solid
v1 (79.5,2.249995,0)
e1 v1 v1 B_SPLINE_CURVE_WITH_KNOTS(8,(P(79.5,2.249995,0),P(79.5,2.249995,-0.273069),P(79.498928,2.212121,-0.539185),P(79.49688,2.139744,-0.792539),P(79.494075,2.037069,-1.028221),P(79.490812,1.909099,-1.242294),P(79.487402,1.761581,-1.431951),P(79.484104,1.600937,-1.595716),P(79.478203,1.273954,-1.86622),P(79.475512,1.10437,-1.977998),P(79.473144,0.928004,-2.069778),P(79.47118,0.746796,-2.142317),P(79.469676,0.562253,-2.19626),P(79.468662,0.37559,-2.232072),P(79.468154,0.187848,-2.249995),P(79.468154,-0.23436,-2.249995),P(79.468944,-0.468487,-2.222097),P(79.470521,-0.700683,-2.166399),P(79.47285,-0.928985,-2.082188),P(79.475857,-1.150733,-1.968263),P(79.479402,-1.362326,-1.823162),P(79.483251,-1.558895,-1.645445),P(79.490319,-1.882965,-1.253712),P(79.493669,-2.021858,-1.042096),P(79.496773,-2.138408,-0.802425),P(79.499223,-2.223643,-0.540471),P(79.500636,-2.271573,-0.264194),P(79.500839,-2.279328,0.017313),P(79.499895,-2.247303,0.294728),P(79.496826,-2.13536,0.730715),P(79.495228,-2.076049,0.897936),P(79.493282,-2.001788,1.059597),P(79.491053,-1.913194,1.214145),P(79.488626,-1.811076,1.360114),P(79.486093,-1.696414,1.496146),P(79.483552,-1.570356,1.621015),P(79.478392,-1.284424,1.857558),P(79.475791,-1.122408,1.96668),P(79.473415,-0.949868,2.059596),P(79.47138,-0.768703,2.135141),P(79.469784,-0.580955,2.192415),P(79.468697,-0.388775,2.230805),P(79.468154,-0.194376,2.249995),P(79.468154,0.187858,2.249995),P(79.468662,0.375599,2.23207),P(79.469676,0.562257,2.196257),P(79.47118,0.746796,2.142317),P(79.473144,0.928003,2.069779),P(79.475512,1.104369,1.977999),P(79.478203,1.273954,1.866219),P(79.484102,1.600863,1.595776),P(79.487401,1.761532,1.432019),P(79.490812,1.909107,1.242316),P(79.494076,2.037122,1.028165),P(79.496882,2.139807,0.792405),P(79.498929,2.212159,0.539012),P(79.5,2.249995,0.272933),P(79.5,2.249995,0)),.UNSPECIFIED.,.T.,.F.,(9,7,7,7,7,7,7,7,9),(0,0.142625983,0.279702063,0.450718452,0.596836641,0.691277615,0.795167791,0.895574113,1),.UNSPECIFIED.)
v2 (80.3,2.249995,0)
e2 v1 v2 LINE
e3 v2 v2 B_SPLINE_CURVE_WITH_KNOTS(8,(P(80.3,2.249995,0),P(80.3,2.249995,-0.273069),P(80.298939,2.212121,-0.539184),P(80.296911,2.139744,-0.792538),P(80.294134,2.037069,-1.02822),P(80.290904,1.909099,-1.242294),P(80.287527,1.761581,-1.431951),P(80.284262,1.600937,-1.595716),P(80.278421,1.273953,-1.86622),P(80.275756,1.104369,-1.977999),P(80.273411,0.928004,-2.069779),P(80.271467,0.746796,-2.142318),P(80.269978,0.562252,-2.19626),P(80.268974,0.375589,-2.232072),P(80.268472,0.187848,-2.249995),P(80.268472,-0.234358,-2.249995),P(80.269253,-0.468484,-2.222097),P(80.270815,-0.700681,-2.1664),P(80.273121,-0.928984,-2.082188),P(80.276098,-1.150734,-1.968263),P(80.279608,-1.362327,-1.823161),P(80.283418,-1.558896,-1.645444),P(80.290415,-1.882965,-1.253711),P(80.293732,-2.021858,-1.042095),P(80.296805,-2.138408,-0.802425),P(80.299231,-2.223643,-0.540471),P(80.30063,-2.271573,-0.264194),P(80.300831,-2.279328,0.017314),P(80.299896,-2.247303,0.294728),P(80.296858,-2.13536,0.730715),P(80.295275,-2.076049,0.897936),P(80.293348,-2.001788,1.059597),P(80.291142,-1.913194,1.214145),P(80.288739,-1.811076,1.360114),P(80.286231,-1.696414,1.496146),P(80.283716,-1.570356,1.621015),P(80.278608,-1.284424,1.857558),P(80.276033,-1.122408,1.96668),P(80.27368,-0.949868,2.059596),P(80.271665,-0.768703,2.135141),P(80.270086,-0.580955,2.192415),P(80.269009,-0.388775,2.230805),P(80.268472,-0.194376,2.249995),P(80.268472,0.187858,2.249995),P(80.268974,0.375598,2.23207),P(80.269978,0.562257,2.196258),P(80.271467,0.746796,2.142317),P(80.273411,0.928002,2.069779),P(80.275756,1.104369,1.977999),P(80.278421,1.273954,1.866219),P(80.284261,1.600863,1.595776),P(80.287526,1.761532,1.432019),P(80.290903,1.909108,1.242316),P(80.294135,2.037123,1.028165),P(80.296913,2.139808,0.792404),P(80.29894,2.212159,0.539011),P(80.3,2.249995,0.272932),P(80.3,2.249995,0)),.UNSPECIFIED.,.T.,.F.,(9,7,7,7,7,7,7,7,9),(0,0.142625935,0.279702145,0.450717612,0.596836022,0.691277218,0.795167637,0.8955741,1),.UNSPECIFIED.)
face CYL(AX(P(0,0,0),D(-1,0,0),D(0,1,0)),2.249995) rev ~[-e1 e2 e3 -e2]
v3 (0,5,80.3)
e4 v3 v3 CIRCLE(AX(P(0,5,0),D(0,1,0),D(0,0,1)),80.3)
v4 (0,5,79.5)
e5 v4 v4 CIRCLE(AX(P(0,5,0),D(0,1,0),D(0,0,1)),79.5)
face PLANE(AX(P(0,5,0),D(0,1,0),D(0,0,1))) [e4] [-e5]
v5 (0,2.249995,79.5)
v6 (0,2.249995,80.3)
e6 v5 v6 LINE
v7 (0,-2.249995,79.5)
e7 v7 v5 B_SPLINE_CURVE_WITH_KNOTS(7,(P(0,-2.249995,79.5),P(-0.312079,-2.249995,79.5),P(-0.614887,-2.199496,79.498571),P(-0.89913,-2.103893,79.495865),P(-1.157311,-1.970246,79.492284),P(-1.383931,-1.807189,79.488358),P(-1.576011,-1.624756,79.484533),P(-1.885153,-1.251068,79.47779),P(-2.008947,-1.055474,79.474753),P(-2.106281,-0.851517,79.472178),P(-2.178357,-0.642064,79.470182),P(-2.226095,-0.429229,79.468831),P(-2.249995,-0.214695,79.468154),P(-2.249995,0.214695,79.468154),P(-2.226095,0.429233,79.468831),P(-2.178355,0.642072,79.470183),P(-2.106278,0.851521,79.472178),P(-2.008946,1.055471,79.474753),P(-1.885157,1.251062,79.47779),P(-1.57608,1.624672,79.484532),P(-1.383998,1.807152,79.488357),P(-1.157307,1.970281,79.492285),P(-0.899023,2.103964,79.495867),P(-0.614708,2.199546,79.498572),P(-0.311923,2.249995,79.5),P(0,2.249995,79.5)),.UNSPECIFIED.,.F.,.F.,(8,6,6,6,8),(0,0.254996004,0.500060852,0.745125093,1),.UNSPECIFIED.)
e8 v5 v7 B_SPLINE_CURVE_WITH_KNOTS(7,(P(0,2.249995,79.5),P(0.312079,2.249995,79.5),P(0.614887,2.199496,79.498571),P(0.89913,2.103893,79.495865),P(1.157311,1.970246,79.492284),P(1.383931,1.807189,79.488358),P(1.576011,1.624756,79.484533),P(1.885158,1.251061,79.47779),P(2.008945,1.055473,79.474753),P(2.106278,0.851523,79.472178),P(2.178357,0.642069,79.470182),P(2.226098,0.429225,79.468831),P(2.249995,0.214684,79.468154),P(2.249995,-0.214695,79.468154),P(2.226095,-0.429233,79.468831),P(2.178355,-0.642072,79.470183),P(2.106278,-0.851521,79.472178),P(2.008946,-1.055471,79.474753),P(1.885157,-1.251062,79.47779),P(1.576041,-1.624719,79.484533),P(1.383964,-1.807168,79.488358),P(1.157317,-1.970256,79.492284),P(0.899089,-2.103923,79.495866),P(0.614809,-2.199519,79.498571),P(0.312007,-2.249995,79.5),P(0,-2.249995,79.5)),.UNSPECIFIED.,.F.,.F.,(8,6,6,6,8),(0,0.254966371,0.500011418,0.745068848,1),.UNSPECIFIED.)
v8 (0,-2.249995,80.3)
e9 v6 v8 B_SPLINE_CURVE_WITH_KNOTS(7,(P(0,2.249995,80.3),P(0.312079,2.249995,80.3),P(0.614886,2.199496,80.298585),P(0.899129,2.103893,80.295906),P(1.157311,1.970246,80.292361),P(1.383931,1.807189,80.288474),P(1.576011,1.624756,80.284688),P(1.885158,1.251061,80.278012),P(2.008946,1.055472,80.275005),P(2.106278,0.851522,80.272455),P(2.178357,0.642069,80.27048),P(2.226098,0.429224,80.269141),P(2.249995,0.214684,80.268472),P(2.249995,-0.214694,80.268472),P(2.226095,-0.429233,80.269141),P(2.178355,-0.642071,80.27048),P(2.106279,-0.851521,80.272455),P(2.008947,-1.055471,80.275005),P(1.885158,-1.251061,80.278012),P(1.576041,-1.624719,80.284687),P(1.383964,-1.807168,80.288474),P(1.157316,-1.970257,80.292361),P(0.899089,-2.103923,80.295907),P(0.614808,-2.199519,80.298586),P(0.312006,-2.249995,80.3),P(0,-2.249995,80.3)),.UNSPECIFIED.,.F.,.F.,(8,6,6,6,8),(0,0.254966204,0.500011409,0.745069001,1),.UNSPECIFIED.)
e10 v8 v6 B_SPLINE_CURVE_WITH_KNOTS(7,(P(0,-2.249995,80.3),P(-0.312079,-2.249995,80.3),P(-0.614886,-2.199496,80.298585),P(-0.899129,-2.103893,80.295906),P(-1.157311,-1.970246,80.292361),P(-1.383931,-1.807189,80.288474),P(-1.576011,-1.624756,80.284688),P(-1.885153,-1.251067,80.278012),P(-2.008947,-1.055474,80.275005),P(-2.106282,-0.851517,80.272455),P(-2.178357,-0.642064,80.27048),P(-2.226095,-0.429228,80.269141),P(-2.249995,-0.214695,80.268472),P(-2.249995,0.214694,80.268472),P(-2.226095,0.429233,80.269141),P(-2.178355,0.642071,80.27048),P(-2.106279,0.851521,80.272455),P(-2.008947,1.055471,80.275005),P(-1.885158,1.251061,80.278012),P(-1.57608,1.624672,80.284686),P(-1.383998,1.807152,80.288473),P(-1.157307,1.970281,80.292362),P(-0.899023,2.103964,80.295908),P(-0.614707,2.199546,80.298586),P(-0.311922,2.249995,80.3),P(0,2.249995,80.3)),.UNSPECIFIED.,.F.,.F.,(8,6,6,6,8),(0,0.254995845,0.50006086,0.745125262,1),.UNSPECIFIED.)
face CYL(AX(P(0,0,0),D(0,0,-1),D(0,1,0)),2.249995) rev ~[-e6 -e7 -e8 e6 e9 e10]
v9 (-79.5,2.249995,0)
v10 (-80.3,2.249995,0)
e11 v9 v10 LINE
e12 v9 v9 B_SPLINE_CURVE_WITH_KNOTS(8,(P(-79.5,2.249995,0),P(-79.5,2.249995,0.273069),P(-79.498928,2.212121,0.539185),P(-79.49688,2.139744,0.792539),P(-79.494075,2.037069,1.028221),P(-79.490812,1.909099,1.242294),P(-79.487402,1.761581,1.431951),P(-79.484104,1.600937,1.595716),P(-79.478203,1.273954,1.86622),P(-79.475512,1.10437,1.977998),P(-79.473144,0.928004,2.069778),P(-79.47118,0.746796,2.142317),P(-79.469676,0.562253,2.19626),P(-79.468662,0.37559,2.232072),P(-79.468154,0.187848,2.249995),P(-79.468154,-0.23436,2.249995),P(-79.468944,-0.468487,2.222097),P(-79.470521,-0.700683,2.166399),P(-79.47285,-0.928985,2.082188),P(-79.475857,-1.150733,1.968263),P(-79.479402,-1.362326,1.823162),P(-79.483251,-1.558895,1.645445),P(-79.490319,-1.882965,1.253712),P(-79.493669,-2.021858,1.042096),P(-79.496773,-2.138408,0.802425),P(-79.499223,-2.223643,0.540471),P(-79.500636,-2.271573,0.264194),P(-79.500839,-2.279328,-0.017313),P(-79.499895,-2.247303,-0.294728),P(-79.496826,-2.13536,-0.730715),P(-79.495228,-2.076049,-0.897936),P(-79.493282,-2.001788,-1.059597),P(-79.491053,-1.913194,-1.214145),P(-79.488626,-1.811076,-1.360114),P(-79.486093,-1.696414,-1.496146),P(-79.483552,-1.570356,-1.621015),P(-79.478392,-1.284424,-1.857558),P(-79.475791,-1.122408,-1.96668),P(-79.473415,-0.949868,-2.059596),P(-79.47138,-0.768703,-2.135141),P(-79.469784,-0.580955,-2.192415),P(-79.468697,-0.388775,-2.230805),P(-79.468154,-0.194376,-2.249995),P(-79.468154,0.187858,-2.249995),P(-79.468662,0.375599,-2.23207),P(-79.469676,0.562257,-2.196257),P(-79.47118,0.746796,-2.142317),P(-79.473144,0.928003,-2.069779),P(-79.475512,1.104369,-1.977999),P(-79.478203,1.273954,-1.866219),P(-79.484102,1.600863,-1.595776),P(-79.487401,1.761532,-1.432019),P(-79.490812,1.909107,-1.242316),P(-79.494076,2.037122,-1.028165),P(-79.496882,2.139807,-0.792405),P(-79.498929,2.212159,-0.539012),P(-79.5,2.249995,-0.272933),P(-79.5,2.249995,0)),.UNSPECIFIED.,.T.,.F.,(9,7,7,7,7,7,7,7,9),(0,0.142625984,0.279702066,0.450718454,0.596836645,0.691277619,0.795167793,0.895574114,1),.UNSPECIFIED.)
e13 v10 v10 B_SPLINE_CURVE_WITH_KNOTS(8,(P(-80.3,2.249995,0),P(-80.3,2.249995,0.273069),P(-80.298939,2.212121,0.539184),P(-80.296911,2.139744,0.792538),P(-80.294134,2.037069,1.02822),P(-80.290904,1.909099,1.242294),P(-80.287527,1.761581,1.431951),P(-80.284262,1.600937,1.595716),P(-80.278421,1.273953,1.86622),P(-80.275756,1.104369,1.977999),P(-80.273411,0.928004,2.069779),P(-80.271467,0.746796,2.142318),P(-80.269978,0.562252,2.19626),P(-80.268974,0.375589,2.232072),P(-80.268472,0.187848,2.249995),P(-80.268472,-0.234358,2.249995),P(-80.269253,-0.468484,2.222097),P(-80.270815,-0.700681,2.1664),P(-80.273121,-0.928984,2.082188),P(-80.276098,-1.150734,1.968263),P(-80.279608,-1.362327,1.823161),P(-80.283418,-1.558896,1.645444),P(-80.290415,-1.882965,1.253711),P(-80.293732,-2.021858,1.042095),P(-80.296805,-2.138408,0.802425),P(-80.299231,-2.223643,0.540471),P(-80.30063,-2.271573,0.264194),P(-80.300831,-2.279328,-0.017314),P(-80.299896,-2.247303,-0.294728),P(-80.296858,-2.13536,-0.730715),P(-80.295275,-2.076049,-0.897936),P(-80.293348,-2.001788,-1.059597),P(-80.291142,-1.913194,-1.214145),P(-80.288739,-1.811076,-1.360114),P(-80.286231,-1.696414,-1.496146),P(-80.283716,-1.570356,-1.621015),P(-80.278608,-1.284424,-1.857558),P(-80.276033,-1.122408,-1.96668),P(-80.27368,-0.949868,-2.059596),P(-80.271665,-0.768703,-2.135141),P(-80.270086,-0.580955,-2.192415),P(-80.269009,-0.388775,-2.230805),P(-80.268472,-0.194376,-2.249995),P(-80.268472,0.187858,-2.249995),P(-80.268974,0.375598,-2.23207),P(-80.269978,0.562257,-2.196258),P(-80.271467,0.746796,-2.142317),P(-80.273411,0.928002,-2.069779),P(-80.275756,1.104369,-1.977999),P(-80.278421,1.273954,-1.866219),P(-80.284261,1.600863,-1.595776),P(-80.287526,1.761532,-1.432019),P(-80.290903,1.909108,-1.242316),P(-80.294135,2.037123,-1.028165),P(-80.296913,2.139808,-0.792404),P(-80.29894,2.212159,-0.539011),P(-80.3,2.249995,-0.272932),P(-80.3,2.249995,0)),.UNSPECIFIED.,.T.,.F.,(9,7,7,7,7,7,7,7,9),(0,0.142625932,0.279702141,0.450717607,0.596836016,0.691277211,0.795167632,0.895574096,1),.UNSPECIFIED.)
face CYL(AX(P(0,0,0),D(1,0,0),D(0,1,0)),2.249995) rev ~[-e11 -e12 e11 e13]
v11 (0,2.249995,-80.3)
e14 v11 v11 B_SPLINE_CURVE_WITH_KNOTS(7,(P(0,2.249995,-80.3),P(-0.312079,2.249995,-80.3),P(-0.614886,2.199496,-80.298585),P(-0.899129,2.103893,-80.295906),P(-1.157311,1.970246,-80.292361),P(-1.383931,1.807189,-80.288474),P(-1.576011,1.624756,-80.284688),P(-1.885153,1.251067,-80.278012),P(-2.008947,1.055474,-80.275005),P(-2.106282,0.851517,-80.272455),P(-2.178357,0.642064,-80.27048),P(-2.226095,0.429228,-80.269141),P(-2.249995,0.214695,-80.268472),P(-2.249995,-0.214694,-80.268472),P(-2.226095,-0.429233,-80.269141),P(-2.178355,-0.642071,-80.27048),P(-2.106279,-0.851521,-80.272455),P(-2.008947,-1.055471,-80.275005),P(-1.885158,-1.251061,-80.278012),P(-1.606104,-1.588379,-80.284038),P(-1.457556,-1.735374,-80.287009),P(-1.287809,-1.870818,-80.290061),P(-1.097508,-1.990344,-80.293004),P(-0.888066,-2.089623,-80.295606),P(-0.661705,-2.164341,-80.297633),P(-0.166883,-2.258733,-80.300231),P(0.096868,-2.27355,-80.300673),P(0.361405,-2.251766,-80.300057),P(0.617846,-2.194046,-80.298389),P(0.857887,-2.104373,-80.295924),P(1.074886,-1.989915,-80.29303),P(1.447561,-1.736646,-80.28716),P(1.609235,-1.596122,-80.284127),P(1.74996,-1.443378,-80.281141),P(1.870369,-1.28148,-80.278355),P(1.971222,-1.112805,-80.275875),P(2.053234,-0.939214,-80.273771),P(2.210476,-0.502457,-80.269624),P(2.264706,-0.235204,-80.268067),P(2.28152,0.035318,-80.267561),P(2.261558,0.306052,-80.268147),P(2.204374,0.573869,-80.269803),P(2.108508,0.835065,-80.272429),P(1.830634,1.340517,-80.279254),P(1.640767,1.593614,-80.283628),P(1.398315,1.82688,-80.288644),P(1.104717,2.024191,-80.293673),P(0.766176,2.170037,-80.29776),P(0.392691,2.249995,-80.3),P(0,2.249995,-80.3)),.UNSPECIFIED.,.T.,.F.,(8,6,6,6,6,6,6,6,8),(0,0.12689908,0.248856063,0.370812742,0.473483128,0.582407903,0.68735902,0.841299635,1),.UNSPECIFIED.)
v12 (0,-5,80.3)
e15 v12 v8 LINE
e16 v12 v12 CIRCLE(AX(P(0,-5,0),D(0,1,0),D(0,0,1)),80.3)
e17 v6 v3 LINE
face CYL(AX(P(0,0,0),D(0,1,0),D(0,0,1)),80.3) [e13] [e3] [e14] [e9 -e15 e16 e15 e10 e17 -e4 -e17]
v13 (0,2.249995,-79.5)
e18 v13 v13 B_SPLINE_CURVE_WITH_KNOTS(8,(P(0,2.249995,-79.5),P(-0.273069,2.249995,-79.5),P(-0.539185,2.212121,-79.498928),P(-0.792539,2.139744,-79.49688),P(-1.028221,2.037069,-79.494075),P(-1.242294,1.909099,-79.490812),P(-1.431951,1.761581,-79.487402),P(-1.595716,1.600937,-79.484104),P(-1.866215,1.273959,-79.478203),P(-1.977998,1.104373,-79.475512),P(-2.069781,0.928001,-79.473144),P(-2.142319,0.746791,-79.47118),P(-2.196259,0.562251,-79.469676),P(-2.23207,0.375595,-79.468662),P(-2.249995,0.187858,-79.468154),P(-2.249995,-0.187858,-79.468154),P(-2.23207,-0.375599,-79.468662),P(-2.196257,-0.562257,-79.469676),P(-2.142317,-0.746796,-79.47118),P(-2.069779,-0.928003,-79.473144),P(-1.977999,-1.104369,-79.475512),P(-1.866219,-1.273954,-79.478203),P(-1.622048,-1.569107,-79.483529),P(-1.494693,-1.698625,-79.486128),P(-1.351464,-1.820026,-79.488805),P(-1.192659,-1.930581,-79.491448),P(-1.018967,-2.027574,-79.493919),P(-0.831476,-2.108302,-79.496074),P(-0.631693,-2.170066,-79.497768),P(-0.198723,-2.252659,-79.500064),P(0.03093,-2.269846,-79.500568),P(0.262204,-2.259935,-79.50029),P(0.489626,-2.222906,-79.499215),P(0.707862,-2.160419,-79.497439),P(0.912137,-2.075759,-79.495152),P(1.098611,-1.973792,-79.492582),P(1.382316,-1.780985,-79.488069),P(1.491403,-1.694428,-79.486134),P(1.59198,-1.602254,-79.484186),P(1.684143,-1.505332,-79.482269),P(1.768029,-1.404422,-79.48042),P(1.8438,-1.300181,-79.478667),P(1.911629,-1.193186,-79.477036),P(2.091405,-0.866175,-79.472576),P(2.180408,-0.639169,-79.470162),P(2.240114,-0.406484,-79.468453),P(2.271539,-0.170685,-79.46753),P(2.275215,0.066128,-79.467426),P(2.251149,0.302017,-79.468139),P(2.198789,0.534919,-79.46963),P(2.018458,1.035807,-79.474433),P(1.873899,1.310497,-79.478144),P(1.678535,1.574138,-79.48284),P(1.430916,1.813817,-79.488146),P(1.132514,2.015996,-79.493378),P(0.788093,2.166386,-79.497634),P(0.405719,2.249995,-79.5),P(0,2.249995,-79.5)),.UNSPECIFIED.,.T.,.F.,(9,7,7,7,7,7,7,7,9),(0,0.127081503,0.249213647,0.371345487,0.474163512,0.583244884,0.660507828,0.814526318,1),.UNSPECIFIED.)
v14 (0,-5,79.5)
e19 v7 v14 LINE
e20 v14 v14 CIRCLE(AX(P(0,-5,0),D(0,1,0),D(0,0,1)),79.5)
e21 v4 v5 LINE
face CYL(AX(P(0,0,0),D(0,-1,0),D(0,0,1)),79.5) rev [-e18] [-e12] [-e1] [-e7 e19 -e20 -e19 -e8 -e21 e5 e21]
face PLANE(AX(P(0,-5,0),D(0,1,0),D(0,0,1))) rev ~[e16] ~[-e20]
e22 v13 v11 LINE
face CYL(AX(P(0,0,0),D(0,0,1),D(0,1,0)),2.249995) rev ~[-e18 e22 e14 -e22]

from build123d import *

# Parameters (mm, degrees)
SKETCH1_R           = 80.3
SKETCH1_R_2         = 79.5
BOSS_EXTRUDE1_DEPTH = 5
SKETCH2_R           = 2.2499955
CUT_EXTRUDE3_DEPTH  = 114.671368427
CIRPATTERN1_COUNT   = 4


with BuildPart() as part:
    # Sketch1 → Boss-Extrude1 (new, symmetric)
    with BuildSketch(Plane(origin=(0, 0, 0), x_dir=(1, 0, 0), z_dir=(0, 1, 0))):
        with Locations(Location((0, 0, 0), (0, 0, 270))):
            Circle(SKETCH1_R)
        with Locations(Location((0, 0, 0), (0, 0, 270))):
            Circle(SKETCH1_R_2, mode=Mode.SUBTRACT)
    extrude(amount=BOSS_EXTRUDE1_DEPTH, both=True)

    # Sketch2 → Cut-Extrude3 (cut, through all)
    with BuildSketch(Plane.XY):
        with Locations(Location((0, 0, 0), (0, 0, 90))):
            Circle(SKETCH2_R)
    cut_extrude3 = extrude(amount=-CUT_EXTRUDE3_DEPTH, mode=Mode.SUBTRACT)

    # CirPattern1: Cut-Extrude3 ×4 about axis
    cirpattern1_axis = Axis((0, 5, 0), (0, -1, 0))
    for i in range(1, CIRPATTERN1_COUNT):
        add(cut_extrude3.rotate(cirpattern1_axis, i * 360 / CIRPATTERN1_COUNT), mode=Mode.SUBTRACT)


solid = part.part
